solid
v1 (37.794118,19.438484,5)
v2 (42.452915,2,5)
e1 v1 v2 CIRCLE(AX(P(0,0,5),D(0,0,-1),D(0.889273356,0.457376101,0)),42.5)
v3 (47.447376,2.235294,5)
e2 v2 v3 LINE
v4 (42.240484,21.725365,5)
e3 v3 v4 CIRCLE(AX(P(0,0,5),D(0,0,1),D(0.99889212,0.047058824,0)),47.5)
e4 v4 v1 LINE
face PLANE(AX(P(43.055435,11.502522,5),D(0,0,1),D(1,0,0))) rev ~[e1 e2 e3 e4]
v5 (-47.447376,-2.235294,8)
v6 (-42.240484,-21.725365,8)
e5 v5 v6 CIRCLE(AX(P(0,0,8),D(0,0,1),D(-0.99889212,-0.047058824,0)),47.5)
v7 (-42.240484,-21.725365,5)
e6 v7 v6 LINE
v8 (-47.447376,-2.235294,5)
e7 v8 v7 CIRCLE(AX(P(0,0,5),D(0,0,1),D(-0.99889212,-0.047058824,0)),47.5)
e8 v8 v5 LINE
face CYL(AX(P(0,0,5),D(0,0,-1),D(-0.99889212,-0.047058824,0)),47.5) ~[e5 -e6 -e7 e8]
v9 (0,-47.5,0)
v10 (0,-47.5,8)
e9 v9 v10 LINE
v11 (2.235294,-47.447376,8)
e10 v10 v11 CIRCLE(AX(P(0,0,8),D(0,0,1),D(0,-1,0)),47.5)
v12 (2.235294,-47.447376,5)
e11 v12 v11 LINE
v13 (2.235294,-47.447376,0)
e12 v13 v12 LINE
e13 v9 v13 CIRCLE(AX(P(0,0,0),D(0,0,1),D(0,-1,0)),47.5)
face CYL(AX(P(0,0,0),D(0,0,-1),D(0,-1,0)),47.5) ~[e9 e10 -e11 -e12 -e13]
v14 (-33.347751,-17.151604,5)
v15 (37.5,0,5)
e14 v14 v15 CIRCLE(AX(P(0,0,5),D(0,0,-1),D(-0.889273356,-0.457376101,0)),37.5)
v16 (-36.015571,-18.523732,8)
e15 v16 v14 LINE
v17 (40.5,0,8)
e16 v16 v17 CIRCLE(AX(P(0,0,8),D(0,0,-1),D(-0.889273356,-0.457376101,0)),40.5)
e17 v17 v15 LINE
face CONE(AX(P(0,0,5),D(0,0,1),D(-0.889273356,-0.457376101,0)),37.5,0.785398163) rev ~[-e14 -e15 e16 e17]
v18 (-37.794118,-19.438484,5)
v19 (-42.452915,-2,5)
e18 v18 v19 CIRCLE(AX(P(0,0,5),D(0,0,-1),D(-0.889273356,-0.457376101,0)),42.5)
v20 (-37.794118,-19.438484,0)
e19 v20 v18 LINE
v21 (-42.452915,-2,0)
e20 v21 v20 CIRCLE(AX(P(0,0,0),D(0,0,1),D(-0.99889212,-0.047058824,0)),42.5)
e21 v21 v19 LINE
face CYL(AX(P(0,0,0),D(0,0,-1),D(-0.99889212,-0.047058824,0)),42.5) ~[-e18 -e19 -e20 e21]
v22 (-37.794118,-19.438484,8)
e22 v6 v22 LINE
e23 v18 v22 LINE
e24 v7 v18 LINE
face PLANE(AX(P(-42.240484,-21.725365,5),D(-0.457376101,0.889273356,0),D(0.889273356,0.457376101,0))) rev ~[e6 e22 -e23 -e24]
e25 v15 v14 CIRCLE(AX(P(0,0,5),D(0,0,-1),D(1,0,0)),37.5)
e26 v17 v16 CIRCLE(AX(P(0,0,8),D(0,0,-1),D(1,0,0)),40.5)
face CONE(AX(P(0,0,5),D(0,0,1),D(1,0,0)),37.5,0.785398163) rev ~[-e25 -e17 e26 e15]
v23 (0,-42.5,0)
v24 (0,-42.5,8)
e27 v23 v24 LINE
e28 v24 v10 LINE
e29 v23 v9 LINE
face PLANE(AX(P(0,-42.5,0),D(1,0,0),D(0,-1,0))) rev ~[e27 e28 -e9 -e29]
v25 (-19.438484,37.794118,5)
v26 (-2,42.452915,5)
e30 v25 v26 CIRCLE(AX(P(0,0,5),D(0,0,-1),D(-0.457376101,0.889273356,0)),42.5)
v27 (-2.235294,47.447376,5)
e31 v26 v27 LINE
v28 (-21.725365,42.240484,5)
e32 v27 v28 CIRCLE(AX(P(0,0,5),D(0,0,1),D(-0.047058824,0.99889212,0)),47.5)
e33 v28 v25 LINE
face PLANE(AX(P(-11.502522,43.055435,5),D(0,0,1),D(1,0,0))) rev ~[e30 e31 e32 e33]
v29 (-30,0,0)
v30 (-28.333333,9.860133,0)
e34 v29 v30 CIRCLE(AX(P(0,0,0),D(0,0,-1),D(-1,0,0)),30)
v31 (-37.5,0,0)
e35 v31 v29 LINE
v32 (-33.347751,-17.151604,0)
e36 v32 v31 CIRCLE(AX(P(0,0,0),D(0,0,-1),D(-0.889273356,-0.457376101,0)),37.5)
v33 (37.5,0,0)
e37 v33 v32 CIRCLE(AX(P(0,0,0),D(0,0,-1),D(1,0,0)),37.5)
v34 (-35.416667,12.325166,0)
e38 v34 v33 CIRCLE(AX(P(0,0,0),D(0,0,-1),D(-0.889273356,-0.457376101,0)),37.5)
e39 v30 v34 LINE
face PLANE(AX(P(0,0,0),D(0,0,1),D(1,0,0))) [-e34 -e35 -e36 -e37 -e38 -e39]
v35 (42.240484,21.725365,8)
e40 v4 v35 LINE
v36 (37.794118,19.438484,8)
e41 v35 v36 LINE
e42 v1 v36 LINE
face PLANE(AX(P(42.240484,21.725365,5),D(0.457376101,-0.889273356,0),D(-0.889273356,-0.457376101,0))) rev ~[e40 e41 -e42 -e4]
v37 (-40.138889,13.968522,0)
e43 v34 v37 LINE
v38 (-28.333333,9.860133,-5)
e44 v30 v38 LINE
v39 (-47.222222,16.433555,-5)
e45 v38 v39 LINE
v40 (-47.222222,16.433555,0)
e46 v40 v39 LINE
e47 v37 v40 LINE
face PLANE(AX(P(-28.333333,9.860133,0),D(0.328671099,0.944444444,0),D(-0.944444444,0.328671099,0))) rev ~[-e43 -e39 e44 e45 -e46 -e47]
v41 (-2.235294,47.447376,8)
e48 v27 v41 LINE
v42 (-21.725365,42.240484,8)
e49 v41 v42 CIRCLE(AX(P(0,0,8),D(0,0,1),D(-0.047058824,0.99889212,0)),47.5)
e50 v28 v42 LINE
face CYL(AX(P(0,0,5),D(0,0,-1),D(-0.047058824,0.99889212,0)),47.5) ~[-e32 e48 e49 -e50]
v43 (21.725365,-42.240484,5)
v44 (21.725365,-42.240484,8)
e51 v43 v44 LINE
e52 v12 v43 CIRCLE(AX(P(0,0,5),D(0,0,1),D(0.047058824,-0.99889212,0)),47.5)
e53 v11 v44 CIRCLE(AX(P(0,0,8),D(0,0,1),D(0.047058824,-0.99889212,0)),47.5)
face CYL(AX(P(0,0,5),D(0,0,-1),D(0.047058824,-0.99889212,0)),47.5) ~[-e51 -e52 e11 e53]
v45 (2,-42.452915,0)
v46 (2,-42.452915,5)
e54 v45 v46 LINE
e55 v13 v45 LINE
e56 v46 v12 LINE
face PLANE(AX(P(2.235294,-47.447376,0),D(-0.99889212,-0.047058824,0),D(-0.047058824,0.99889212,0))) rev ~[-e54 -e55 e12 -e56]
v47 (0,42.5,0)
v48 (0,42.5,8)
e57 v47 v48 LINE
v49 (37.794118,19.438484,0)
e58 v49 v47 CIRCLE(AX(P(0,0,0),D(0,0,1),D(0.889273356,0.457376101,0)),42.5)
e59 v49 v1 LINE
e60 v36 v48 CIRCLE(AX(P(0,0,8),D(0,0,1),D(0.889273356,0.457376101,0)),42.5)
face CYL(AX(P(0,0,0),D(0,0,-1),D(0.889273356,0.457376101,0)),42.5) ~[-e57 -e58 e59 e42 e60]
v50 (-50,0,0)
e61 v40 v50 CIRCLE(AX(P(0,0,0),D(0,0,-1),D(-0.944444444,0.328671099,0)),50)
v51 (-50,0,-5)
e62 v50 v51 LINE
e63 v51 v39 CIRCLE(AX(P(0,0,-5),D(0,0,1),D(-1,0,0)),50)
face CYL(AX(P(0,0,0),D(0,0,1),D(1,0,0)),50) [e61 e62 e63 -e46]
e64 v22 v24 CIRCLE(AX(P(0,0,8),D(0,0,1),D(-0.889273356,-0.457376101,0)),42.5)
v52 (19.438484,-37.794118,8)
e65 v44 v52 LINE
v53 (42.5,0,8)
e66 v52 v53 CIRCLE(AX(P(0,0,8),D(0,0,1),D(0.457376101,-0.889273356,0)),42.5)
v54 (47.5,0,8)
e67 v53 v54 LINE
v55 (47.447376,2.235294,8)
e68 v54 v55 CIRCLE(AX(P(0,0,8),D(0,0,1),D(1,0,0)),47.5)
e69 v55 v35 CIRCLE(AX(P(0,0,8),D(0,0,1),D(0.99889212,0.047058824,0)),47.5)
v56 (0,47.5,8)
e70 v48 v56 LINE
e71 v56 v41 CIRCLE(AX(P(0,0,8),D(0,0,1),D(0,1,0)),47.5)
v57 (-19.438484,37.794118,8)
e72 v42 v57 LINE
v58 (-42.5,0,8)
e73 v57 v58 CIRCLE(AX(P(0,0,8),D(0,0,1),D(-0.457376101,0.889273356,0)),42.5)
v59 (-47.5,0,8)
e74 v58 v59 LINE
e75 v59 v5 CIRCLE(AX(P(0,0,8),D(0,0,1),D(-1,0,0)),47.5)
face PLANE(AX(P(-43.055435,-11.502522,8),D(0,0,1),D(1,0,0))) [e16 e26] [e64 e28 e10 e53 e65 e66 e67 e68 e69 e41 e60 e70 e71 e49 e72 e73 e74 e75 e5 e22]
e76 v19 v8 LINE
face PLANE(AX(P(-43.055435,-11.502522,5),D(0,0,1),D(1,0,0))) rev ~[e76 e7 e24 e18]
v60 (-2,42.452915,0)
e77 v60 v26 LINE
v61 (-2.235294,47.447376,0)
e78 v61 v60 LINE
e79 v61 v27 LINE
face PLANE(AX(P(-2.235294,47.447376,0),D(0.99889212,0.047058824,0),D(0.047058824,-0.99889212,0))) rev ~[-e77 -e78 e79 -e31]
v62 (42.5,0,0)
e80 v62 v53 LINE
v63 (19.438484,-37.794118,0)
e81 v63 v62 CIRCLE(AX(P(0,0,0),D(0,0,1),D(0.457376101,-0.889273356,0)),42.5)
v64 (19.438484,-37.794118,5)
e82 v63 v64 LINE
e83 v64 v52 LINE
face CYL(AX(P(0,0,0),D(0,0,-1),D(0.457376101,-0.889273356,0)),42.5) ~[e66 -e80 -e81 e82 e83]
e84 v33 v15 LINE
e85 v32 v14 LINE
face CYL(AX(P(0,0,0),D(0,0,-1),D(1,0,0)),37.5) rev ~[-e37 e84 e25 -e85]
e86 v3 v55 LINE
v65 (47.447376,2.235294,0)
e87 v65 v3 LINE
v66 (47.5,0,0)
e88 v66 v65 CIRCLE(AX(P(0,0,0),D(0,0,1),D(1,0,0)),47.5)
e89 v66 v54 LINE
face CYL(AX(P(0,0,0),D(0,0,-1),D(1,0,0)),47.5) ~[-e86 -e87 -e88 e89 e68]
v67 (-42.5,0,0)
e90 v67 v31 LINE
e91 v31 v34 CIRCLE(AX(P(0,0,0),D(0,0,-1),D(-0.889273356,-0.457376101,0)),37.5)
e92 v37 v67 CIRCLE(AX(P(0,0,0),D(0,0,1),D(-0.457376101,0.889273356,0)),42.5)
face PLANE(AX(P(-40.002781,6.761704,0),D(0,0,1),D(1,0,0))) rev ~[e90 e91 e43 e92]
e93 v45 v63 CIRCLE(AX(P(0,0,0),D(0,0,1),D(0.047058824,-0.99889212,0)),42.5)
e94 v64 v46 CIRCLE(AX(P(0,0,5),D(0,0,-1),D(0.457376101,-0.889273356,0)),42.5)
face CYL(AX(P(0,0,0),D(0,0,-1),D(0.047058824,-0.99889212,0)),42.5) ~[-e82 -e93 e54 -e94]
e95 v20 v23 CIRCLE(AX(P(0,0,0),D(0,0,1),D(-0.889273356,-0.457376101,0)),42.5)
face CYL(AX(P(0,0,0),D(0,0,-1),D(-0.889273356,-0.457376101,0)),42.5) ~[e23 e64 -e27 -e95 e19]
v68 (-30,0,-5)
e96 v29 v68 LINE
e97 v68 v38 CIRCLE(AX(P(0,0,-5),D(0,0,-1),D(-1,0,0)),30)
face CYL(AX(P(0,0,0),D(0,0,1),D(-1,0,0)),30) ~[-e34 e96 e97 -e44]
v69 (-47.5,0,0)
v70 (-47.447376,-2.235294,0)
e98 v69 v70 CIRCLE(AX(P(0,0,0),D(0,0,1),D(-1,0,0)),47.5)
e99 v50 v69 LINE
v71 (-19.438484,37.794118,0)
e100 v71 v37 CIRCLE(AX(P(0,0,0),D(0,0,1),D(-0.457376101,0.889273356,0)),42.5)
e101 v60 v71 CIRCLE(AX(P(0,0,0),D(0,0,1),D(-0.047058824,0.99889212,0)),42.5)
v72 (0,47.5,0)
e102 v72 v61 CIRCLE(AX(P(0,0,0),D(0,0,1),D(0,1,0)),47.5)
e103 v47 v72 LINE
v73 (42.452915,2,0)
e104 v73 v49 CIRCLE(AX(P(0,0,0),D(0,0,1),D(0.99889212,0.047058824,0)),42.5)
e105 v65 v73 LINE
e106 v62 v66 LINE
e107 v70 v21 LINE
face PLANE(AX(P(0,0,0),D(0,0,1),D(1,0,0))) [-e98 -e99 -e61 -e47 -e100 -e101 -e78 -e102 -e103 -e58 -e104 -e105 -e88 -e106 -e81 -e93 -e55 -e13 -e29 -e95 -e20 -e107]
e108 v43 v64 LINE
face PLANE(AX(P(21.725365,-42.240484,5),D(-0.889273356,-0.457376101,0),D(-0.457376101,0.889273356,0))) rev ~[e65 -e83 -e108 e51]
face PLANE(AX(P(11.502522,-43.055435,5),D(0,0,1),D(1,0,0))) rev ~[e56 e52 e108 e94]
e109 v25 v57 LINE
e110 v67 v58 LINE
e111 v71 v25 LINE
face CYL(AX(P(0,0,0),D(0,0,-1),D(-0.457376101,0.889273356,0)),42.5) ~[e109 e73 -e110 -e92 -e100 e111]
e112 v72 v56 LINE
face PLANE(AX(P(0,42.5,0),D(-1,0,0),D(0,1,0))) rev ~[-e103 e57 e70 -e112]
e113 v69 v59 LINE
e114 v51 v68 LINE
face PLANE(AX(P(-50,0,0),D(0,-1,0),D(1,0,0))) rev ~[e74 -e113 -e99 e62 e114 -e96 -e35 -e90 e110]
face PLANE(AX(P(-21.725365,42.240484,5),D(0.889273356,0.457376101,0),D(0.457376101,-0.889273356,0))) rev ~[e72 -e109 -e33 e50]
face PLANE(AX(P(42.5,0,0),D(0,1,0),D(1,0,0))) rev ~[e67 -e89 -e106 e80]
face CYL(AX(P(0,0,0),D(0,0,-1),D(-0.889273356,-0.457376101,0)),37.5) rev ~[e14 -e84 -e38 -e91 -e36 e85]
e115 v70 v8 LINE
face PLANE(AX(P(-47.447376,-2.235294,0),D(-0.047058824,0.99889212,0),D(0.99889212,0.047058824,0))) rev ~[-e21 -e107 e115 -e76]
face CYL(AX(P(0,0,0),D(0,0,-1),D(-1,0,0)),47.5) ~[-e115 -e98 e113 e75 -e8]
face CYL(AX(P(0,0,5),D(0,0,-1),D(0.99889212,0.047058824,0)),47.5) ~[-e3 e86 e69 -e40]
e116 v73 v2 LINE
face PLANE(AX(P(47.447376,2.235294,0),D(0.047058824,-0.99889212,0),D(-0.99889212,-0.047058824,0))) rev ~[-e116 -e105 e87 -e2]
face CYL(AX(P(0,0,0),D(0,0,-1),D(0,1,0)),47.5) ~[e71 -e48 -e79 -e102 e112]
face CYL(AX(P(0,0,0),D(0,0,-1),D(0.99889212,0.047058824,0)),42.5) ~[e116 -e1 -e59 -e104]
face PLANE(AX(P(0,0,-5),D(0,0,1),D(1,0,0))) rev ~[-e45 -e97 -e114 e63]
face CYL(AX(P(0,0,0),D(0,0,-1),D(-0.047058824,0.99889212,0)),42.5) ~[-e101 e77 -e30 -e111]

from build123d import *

# Parameters (mm, degrees)
F1_DEPTH = 8
F2_DEPTH = 8
F3_START = 5
F3_DEPTH = 3
F4_R     = 50
F5_DEPTH = 5
F7_DEPTH = 5
F8_SIZE  = 3


with BuildPart() as f1:
    # F0 (on Top) → F1 (new body)
    with BuildSketch(Plane.XY):
        with BuildLine():
            ThreePointArc((19.4384842845, -37.7941176471), (36.2793714257, -22.137235802), (42.5, 0))
            ThreePointArc((42.5, 0), (42.488227143, 1.0002770852), (42.4529150943, 2))
            ThreePointArc((42.4529150943, 2), (41.0599774657, 10.969423436), (37.7941176471, 19.4384842845))
            ThreePointArc((37.7941176471, 19.4384842845), (22.137235802, 36.2793714257), (0, 42.5))
            ThreePointArc((0, 42.5), (-1.0002770852, 42.488227143), (-2, 42.4529150943))
            ThreePointArc((-2, 42.4529150943), (-10.969423436, 41.0599774657), (-19.4384842845, 37.7941176471))
            ThreePointArc((-19.4384842845, 37.7941176471), (-36.2793714257, 22.137235802), (-42.5, 0))
            ThreePointArc((-42.5, 0), (-42.488227143, -1.0002770852), (-42.4529150943, -2))
            ThreePointArc((-42.4529150943, -2), (-41.0599774657, -10.969423436), (-37.7941176471, -19.4384842845))
            ThreePointArc((-37.7941176471, -19.4384842845), (-22.137235802, -36.2793714257), (0, -42.5))
            ThreePointArc((0, -42.5), (1.0002770852, -42.488227143), (2, -42.4529150943))
            ThreePointArc((2, -42.4529150943), (10.969423436, -41.0599774657), (19.4384842845, -37.7941176471))
        make_face()
        with BuildLine():
            ThreePointArc((37.5, 0), (8.8235294118, -36.4471580335), (-33.3477508651, -17.1516037805))
            ThreePointArc((-33.3477508651, -17.1516037805), (-8.8235294118, 36.4471580335), (37.5, 0))
        make_face(mode=Mode.SUBTRACT)
    extrude(amount=F1_DEPTH)

    # F0 (on Top) → F2 (join)
    with BuildSketch(Plane.XY):
        with BuildLine():
            ThreePointArc((-47.5, 0), (-47.486842101, -1.1179567422), (-47.4473756936, -2.2352941176))
            Line((-47.4473756936, -2.2352941176), (-42.4529150943, -2))
            ThreePointArc((-42.4529150943, -2), (-42.488227143, -1.0002770852), (-42.5, 0))
            Line((-42.5, 0), (-47.5, 0))
        make_face()
        with BuildLine():
            Line((0, 42.5), (0, 47.5))
            ThreePointArc((0, 47.5), (-1.1179567422, 47.486842101), (-2.2352941176, 47.4473756936))
            Line((-2.2352941176, 47.4473756936), (-2, 42.4529150943))
            ThreePointArc((-2, 42.4529150943), (-1.0002770852, 42.488227143), (0, 42.5))
        make_face()
        with BuildLine():
            Line((42.5, 0), (47.5, 0))
            ThreePointArc((47.5, 0), (47.486842101, 1.1179567422), (47.4473756936, 2.2352941176))
            Line((47.4473756936, 2.2352941176), (42.4529150943, 2))
            ThreePointArc((42.4529150943, 2), (42.488227143, 1.0002770852), (42.5, 0))
        make_face()
        with BuildLine():
            ThreePointArc((0, -47.5), (1.1179567422, -47.486842101), (2.2352941176, -47.4473756936))
            Line((2.2352941176, -47.4473756936), (2, -42.4529150943))
            ThreePointArc((2, -42.4529150943), (1.0002770852, -42.488227143), (0, -42.5))
            Line((0, -42.5), (0, -47.5))
        make_face()
    extrude(amount=F2_DEPTH)

    # F0 (on Top) → F3 (join)
    with BuildSketch(Plane.XY.offset(F3_START)):
        with BuildLine():
            ThreePointArc((-47.4473756936, -2.2352941176), (-45.8905630499, -12.2599438402), (-42.2404844291, -21.7253647886))
            Line((-42.2404844291, -21.7253647886), (-37.7941176471, -19.4384842845))
            ThreePointArc((-37.7941176471, -19.4384842845), (-41.0599774657, -10.969423436), (-42.4529150943, -2))
            Line((-42.4529150943, -2), (-47.4473756936, -2.2352941176))
        make_face()
        with BuildLine():
            ThreePointArc((2.2352941176, -47.4473756936), (12.2599438402, -45.8905630499), (21.7253647886, -42.2404844291))
            Line((21.7253647886, -42.2404844291), (19.4384842845, -37.7941176471))
            ThreePointArc((19.4384842845, -37.7941176471), (10.969423436, -41.0599774657), (2, -42.4529150943))
            Line((2, -42.4529150943), (2.2352941176, -47.4473756936))
        make_face()
        with BuildLine():
            Line((42.4529150943, 2), (47.4473756936, 2.2352941176))
            ThreePointArc((47.4473756936, 2.2352941176), (45.8905630499, 12.2599438402), (42.2404844291, 21.7253647886))
            Line((42.2404844291, 21.7253647886), (37.7941176471, 19.4384842845))
            ThreePointArc((37.7941176471, 19.4384842845), (41.0599774657, 10.969423436), (42.4529150943, 2))
        make_face()
        with BuildLine():
            Line((-2, 42.4529150943), (-2.2352941176, 47.4473756936))
            ThreePointArc((-2.2352941176, 47.4473756936), (-12.2599438402, 45.8905630499), (-21.7253647886, 42.2404844291))
            Line((-21.7253647886, 42.2404844291), (-19.4384842845, 37.7941176471))
            ThreePointArc((-19.4384842845, 37.7941176471), (-10.969423436, 41.0599774657), (-2, 42.4529150943))
        make_face()
    extrude(amount=F3_DEPTH)

    # F4 (on Top) → F5 (join)
    with BuildSketch(Plane.XY):
        Circle(F4_R)
    extrude(amount=-F5_DEPTH)

    # F6 (on Top) → F7 (cut)
    with BuildSketch(Plane.XY):
        with BuildLine():
            Line((-28.3333333333, 9.8601329718), (-47.2222222222, 16.4335549531))
            ThreePointArc((-47.2222222222, 16.4335549531), (-49.3006648592, 8.3333333333), (-50, 0))
            Line((-50, 0), (-30, 0))
            ThreePointArc((-30, 0), (-29.5803989155, 5), (-28.3333333333, 9.8601329718))
        make_face()
    extrude(amount=-F7_DEPTH, mode=Mode.SUBTRACT)

    # F8
    f8_edges = [f1.edges().sort_by_distance(p)[0] for p in [
        (-37.5, 0, 8),
    ]]
    chamfer(f8_edges, length=F8_SIZE)


solid = f1.part
